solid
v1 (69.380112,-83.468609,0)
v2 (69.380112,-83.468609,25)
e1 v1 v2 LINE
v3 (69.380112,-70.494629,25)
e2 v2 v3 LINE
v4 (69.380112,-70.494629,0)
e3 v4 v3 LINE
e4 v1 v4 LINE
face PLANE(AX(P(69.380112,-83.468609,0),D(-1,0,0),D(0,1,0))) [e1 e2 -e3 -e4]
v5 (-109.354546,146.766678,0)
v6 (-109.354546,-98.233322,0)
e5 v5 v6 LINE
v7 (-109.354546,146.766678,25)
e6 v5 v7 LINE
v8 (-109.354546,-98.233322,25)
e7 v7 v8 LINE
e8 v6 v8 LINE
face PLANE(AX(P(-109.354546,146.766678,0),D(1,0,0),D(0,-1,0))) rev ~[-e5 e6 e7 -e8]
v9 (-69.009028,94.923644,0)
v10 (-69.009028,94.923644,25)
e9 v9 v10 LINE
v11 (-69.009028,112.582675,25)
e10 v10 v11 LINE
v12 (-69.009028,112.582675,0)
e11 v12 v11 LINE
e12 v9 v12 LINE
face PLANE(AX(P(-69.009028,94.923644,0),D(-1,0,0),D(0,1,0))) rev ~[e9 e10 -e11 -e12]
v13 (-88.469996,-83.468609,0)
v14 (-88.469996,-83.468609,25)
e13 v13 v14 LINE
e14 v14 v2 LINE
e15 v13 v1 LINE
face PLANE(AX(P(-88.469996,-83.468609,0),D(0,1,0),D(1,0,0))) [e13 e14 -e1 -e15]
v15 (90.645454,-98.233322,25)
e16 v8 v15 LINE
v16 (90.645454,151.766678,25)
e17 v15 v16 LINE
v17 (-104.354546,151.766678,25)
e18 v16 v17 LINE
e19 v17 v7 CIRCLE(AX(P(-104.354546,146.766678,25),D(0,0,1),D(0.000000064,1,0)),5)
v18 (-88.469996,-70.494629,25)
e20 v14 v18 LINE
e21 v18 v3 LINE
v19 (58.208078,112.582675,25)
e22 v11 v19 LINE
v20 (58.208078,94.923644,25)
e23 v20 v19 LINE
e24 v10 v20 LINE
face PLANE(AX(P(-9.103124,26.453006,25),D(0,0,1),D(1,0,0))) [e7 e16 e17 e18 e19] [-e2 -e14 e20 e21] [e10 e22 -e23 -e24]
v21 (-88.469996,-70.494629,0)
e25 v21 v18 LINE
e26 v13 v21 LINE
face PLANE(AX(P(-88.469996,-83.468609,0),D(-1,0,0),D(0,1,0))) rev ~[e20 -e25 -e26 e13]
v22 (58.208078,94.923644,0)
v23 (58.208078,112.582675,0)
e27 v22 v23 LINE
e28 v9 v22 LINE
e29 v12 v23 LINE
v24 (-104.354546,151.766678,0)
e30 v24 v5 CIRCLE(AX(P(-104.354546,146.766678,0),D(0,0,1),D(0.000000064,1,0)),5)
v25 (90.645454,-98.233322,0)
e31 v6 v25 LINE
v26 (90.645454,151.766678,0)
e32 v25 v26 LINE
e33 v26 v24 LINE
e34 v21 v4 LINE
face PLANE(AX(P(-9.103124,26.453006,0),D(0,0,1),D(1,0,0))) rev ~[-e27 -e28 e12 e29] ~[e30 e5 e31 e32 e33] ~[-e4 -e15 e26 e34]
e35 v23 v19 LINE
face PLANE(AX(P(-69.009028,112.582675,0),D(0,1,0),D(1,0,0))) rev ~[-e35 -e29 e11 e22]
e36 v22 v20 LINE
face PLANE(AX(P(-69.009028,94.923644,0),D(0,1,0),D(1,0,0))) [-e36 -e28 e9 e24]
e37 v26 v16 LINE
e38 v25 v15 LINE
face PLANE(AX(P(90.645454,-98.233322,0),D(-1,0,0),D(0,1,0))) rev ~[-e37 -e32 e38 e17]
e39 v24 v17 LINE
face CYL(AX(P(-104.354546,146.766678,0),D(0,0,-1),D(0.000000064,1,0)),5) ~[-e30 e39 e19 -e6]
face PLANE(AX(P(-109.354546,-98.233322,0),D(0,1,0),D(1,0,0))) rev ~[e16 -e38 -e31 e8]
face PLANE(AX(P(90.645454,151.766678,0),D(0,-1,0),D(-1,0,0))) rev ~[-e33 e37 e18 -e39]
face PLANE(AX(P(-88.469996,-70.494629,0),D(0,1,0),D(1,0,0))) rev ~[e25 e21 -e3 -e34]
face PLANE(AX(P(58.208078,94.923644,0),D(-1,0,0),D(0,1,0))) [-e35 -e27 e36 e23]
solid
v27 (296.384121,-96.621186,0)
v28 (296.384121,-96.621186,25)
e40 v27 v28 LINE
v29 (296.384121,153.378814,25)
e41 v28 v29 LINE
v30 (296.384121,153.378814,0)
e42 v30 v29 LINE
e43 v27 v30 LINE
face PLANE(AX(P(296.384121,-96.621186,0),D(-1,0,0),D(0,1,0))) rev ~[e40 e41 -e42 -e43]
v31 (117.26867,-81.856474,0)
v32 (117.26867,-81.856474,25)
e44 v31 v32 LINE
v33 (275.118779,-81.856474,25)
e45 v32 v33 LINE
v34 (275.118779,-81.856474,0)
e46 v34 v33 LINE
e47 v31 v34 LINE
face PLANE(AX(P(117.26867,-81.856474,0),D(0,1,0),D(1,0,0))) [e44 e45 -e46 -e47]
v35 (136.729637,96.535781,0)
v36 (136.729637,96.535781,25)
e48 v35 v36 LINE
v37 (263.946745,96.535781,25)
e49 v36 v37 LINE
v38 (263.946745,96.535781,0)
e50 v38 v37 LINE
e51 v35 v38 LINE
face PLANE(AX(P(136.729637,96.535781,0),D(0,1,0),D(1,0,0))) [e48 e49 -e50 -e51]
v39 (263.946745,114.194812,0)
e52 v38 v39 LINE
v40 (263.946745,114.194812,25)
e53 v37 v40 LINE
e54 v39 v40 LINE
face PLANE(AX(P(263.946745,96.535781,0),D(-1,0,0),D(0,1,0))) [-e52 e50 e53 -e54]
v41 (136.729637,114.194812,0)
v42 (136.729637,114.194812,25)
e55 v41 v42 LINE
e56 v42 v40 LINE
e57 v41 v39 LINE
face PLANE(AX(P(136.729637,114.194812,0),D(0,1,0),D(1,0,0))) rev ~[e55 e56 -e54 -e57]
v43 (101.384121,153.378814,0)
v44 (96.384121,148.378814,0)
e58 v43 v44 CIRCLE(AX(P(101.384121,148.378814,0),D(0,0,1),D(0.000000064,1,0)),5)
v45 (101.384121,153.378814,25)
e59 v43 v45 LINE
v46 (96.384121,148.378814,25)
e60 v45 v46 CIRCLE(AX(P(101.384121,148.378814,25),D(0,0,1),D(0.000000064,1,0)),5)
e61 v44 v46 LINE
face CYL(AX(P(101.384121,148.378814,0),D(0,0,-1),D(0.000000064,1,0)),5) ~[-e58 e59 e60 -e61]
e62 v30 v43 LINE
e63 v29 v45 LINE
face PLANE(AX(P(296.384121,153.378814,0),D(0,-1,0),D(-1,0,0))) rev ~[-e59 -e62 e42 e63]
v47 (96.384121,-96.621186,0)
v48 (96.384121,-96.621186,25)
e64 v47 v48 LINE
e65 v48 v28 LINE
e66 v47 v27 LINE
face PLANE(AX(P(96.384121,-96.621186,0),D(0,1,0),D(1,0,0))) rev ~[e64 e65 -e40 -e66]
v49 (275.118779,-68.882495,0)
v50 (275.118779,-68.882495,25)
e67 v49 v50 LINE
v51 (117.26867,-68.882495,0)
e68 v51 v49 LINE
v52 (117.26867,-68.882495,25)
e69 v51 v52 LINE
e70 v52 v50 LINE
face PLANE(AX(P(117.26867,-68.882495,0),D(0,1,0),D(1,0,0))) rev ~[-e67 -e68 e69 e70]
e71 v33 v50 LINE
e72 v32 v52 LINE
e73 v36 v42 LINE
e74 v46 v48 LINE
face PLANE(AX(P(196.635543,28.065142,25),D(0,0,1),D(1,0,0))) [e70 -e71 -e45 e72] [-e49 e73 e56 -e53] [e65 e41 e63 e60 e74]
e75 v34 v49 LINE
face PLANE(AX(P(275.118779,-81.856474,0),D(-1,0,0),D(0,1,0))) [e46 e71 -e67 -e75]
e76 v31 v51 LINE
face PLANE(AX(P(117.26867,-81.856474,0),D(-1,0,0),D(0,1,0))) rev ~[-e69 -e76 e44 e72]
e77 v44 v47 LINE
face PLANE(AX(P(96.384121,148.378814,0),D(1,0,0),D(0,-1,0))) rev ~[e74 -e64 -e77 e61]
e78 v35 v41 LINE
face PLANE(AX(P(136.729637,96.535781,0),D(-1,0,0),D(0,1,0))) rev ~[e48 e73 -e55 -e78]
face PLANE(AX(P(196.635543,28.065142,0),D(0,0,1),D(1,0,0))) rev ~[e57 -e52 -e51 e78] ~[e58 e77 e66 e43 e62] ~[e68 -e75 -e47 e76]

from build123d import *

# Parameters (mm, degrees)
F0_W     = 157.850109
F0_H     = 12.973979
F0_W_2   = 127.217107
F0_H_2   = 17.659031
F0_H_3   = 12.97398
F0_W_3   = 127.217106
F1_DEPTH = 25


with BuildPart() as f1:
    # F0 (on Top) → F1 (new body)
    with BuildSketch(Plane.XY):
        with BuildLine():
            Line((296.384121, 153.378814), (101.384121, 153.378814))
            ThreePointArc((101.384121, 153.378814), (97.848587, 151.914348), (96.384121, 148.378814))
            Line((96.384121, 148.378814), (96.384121, -96.621186))
            Line((96.384121, -96.621186), (296.384121, -96.621186))
            Line((296.384121, -96.621186), (296.384121, 153.378814))
        make_face()
        with Locations((196.193724, -75.369484)):
            Rectangle(F0_W, F0_H, mode=Mode.SUBTRACT)
        with Locations((200.338191, 105.365296)):
            Rectangle(F0_W_2, F0_H_2, mode=Mode.SUBTRACT)
        with BuildLine():
            Line((90.645454, 151.766678), (-104.354546, 151.766678))
            ThreePointArc((-104.354546, 151.766678), (-107.89008, 150.302212), (-109.354546, 146.766678))
            Line((-109.354546, 146.766678), (-109.354546, -98.233322))
            Line((-109.354546, -98.233322), (90.645454, -98.233322))
            Line((90.645454, -98.233322), (90.645454, 151.766678))
        make_face()
        with Locations((-9.544942, -76.981619)):
            Rectangle(F0_W, F0_H_3, mode=Mode.SUBTRACT)
        with Locations((-5.400475, 103.75316)):
            Rectangle(F0_W_3, F0_H_2, mode=Mode.SUBTRACT)
    extrude(amount=F1_DEPTH)


solid = f1.part
